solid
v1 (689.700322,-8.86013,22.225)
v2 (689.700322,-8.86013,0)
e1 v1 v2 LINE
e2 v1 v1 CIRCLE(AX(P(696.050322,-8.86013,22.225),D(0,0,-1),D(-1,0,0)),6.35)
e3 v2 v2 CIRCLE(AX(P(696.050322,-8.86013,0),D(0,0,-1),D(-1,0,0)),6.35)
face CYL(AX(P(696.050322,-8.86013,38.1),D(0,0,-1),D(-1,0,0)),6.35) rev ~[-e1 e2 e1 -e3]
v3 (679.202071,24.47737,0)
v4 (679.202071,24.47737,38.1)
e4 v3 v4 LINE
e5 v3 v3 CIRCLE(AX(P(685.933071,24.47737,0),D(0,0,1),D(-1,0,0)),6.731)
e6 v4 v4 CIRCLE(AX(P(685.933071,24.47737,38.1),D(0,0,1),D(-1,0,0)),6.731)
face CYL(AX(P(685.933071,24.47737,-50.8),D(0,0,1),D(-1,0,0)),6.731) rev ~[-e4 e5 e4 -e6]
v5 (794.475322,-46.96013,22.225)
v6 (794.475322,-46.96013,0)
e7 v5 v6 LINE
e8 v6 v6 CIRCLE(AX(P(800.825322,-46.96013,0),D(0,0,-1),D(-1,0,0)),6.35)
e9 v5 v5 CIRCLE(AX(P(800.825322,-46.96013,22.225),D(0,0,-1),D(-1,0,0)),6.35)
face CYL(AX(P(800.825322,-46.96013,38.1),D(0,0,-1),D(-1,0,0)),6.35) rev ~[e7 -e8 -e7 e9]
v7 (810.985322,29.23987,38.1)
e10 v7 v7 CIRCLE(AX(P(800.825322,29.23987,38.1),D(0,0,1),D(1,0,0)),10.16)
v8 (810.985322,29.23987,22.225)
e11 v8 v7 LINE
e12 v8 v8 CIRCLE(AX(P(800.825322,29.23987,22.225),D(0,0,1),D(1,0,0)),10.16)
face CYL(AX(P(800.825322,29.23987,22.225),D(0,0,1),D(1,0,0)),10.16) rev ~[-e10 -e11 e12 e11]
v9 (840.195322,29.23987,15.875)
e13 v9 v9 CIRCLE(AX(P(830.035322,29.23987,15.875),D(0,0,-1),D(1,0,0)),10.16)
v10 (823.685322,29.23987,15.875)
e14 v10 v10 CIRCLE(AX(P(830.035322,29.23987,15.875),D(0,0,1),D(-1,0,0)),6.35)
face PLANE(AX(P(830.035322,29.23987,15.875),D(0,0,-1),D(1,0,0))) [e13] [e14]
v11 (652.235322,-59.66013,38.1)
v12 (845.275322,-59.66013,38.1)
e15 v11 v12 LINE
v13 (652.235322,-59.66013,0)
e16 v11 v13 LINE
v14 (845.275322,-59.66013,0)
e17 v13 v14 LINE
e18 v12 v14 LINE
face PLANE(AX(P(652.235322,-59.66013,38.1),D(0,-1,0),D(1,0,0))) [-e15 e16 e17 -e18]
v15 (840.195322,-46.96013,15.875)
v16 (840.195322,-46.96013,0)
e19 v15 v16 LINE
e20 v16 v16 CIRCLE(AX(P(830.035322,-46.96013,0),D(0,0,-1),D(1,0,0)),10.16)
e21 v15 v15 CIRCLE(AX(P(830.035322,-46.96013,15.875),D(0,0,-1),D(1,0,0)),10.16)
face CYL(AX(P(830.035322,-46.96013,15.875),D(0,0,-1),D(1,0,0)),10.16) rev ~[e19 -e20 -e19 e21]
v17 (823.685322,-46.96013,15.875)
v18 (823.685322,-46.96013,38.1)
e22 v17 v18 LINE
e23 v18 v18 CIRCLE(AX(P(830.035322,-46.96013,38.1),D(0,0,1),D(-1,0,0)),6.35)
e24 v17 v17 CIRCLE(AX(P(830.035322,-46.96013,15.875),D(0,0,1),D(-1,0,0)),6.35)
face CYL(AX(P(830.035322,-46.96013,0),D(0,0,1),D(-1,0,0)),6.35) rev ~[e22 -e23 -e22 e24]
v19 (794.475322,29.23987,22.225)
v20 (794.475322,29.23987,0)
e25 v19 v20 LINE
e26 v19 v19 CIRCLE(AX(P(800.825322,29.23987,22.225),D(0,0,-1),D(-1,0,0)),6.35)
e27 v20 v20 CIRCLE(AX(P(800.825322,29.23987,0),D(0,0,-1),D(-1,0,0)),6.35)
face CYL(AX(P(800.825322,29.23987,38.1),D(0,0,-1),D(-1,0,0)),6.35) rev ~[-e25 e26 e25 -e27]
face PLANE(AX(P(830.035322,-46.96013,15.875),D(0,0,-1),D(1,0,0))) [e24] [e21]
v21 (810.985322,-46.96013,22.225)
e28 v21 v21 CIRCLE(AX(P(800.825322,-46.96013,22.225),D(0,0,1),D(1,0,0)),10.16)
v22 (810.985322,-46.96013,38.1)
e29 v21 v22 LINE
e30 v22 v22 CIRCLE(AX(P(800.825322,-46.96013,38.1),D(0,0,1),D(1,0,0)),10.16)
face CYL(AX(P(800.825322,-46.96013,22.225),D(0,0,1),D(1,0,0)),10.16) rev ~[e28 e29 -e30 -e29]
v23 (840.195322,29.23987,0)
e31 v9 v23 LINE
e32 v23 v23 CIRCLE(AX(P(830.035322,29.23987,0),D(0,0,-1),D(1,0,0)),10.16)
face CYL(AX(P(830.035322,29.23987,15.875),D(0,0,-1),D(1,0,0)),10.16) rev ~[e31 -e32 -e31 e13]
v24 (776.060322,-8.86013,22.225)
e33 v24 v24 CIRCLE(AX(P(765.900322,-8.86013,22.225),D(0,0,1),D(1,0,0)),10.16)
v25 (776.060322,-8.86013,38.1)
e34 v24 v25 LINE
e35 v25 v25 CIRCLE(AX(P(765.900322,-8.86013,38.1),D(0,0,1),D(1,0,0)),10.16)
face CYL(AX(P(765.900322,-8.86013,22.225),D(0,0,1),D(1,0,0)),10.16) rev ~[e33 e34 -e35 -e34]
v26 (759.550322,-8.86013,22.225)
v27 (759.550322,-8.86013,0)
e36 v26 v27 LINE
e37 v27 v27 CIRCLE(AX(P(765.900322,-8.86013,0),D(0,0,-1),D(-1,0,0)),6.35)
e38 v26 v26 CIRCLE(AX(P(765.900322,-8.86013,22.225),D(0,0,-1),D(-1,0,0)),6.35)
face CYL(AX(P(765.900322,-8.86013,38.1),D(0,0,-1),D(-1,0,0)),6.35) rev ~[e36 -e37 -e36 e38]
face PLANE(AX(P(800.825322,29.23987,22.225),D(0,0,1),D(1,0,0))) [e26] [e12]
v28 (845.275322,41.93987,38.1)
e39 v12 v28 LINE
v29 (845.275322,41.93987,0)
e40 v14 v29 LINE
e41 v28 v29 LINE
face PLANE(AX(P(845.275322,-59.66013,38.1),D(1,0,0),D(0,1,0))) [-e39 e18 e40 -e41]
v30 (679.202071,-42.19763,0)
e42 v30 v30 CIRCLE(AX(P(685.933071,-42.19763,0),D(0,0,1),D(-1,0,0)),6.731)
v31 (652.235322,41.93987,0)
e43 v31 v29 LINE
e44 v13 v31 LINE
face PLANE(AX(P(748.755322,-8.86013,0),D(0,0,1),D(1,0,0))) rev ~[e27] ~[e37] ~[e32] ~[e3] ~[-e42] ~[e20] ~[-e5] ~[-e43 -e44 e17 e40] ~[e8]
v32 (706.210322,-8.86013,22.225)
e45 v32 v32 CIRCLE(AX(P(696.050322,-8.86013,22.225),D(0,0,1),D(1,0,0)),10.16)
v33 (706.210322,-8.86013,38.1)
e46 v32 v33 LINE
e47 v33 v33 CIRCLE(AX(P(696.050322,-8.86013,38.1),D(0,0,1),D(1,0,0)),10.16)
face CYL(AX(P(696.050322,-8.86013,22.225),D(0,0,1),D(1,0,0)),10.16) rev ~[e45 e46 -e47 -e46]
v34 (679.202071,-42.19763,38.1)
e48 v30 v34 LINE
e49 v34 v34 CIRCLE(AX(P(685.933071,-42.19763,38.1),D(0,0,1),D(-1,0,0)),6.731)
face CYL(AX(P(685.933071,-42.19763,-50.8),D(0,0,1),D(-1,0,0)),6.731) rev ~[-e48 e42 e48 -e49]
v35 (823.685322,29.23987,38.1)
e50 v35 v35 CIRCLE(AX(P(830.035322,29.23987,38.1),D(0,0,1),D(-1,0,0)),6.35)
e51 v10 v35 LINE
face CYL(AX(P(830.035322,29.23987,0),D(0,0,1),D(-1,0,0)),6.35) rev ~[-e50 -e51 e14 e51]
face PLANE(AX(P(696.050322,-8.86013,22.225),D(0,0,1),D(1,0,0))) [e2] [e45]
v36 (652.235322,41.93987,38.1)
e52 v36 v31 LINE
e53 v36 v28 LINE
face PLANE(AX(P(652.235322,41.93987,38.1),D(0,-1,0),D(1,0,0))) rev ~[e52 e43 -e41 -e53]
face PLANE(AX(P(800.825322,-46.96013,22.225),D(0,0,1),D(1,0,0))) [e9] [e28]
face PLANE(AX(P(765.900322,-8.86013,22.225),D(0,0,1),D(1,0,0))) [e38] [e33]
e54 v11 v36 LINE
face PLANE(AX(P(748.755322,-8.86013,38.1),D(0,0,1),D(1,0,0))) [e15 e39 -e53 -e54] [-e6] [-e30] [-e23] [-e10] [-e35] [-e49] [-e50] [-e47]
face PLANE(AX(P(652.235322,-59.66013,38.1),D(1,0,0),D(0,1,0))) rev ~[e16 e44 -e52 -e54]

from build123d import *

# Parameters (mm, degrees)
F0_W           = 193.04
F0_H           = 101.6
F0_R           = 6.731
F0_R_2         = 10.16
F0_R_3         = 6.5278
F0_R_4         = 6.35
F1_DEPTH       = 38.1
F2_D           = 12.7
F2_DEPTH       = 50.8
F2_CBORE_D     = 20.32
F2_CBORE_DEPTH = 15.875
F2_TIP         = 3.8154649308
F4_D           = 13.462
F4_DEPTH       = 50.8
F4_TIP         = 4.0443928267
F5_D           = 12.7
F5_DEPTH       = 50.8
F5_CBORE_D     = 20.32
F5_CBORE_DEPTH = 15.875
F5_TIP         = 3.8154649308


with BuildPart() as f1:
    # F0 (on Top) → F1 (new body)
    with BuildSketch(Plane.XY):
        with Locations((748.7553224, -8.8601296)):
            Rectangle(F0_W, F0_H)
        with Locations((685.9330706, -42.1976296)):
            Circle(F0_R, mode=Mode.SUBTRACT)
        with Locations((696.0503224, -8.8601296)):
            Circle(F0_R_2, mode=Mode.SUBTRACT)
        with Locations((685.9330706, 24.4773704)):
            Circle(F0_R, mode=Mode.SUBTRACT)
        with Locations((800.8253224, -46.9601296)):
            Circle(F0_R_2, mode=Mode.SUBTRACT)
        with Locations((830.0353224, -46.9601296)):
            Circle(F0_R_2, mode=Mode.SUBTRACT)
        with Locations((765.9003224, -8.8601296)):
            Circle(F0_R_2, mode=Mode.SUBTRACT)
        with Locations((800.8253224, 29.2398704)):
            Circle(F0_R_2, mode=Mode.SUBTRACT)
        with Locations((830.0353224, 29.2398704)):
            Circle(F0_R_2, mode=Mode.SUBTRACT)
        with Locations((830.0353224, -46.9601296)):
            Circle(F0_R_2)
        with Locations((830.0353224, -46.9601296)):
            Circle(F0_R_3, mode=Mode.SUBTRACT)
        with Locations((800.8253224, 29.2398704)):
            Circle(F0_R_2)
        with Locations((800.8253224, 29.2398704)):
            Circle(F0_R_4, mode=Mode.SUBTRACT)
        with Locations((830.0353224, 29.2398704)):
            Circle(F0_R_2)
        with Locations((830.0353224, 29.2398704)):
            Circle(F0_R_3, mode=Mode.SUBTRACT)
        with Locations((696.0503224, -8.8601296)):
            Circle(F0_R_2)
        with Locations((696.0503224, -8.8601296)):
            Circle(F0_R_4, mode=Mode.SUBTRACT)
        with Locations((800.8253224, -46.9601296)):
            Circle(F0_R_2)
        with Locations((800.8253224, -46.9601296)):
            Circle(F0_R_4, mode=Mode.SUBTRACT)
        with Locations((765.9003224, -8.8601296)):
            Circle(F0_R_2)
        with Locations((765.9003224, -8.8601296)):
            Circle(F0_R_4, mode=Mode.SUBTRACT)
        with Locations((685.9330706, 24.4773704)):
            Circle(F0_R)
        with Locations((685.9330706, -42.1976296)):
            Circle(F0_R)
        with Locations((830.0353224, -46.9601296)):
            Circle(F0_R_3)
        with Locations((830.0353224, 29.2398704)):
            Circle(F0_R_3)
        with Locations((800.8253224, 29.2398704)):
            Circle(F0_R_4)
        with Locations((765.9003224, -8.8601296)):
            Circle(F0_R_4)
        with Locations((696.0503224, -8.8601296)):
            Circle(F0_R_4)
        with Locations((800.8253224, -46.9601296)):
            Circle(F0_R_4)
    extrude(amount=-F1_DEPTH)

    # F2
    with Locations(Plane.XY):
        with Locations((800.8253224, 29.2398704), (800.8253224, -46.9601296), (765.9003224, -8.8601296), (696.0503224, -8.8601296)):
            CounterBoreHole(F2_D / 2, F2_CBORE_D / 2, F2_CBORE_DEPTH, depth=F2_DEPTH)
            with Locations((0, 0, -(F2_DEPTH + F2_TIP / 2))):  # 118° drill point
                Cone(0, F2_D / 2, F2_TIP, mode=Mode.SUBTRACT)


with BuildPart() as f1_1:
    # F3: moved
    add(f1.part.moved(Location((0, 0, 38.1))))

    # F4
    with Locations(Plane(origin=(0, 0, 0), x_dir=(1, 0, 0), z_dir=(0, 0, -1))):
        with Locations((685.9330706, -24.4773704), (685.9330706, 42.1976296)):
            Hole(F4_D / 2, depth=F4_DEPTH)
            with Locations((0, 0, -(F4_DEPTH + F4_TIP / 2))):  # 118° drill point
                Cone(0, F4_D / 2, F4_TIP, mode=Mode.SUBTRACT)

    # F5
    with Locations(Plane(origin=(0, 0, 0), x_dir=(1, 0, 0), z_dir=(0, 0, -1))):
        with Locations((830.0353224, 46.9601296), (830.0353224, -29.2398704)):
            CounterBoreHole(F5_D / 2, F5_CBORE_D / 2, F5_CBORE_DEPTH, depth=F5_DEPTH)
            with Locations((0, 0, -(F5_DEPTH + F5_TIP / 2))):  # 118° drill point
                Cone(0, F5_D / 2, F5_TIP, mode=Mode.SUBTRACT)


solid = f1_1.part
